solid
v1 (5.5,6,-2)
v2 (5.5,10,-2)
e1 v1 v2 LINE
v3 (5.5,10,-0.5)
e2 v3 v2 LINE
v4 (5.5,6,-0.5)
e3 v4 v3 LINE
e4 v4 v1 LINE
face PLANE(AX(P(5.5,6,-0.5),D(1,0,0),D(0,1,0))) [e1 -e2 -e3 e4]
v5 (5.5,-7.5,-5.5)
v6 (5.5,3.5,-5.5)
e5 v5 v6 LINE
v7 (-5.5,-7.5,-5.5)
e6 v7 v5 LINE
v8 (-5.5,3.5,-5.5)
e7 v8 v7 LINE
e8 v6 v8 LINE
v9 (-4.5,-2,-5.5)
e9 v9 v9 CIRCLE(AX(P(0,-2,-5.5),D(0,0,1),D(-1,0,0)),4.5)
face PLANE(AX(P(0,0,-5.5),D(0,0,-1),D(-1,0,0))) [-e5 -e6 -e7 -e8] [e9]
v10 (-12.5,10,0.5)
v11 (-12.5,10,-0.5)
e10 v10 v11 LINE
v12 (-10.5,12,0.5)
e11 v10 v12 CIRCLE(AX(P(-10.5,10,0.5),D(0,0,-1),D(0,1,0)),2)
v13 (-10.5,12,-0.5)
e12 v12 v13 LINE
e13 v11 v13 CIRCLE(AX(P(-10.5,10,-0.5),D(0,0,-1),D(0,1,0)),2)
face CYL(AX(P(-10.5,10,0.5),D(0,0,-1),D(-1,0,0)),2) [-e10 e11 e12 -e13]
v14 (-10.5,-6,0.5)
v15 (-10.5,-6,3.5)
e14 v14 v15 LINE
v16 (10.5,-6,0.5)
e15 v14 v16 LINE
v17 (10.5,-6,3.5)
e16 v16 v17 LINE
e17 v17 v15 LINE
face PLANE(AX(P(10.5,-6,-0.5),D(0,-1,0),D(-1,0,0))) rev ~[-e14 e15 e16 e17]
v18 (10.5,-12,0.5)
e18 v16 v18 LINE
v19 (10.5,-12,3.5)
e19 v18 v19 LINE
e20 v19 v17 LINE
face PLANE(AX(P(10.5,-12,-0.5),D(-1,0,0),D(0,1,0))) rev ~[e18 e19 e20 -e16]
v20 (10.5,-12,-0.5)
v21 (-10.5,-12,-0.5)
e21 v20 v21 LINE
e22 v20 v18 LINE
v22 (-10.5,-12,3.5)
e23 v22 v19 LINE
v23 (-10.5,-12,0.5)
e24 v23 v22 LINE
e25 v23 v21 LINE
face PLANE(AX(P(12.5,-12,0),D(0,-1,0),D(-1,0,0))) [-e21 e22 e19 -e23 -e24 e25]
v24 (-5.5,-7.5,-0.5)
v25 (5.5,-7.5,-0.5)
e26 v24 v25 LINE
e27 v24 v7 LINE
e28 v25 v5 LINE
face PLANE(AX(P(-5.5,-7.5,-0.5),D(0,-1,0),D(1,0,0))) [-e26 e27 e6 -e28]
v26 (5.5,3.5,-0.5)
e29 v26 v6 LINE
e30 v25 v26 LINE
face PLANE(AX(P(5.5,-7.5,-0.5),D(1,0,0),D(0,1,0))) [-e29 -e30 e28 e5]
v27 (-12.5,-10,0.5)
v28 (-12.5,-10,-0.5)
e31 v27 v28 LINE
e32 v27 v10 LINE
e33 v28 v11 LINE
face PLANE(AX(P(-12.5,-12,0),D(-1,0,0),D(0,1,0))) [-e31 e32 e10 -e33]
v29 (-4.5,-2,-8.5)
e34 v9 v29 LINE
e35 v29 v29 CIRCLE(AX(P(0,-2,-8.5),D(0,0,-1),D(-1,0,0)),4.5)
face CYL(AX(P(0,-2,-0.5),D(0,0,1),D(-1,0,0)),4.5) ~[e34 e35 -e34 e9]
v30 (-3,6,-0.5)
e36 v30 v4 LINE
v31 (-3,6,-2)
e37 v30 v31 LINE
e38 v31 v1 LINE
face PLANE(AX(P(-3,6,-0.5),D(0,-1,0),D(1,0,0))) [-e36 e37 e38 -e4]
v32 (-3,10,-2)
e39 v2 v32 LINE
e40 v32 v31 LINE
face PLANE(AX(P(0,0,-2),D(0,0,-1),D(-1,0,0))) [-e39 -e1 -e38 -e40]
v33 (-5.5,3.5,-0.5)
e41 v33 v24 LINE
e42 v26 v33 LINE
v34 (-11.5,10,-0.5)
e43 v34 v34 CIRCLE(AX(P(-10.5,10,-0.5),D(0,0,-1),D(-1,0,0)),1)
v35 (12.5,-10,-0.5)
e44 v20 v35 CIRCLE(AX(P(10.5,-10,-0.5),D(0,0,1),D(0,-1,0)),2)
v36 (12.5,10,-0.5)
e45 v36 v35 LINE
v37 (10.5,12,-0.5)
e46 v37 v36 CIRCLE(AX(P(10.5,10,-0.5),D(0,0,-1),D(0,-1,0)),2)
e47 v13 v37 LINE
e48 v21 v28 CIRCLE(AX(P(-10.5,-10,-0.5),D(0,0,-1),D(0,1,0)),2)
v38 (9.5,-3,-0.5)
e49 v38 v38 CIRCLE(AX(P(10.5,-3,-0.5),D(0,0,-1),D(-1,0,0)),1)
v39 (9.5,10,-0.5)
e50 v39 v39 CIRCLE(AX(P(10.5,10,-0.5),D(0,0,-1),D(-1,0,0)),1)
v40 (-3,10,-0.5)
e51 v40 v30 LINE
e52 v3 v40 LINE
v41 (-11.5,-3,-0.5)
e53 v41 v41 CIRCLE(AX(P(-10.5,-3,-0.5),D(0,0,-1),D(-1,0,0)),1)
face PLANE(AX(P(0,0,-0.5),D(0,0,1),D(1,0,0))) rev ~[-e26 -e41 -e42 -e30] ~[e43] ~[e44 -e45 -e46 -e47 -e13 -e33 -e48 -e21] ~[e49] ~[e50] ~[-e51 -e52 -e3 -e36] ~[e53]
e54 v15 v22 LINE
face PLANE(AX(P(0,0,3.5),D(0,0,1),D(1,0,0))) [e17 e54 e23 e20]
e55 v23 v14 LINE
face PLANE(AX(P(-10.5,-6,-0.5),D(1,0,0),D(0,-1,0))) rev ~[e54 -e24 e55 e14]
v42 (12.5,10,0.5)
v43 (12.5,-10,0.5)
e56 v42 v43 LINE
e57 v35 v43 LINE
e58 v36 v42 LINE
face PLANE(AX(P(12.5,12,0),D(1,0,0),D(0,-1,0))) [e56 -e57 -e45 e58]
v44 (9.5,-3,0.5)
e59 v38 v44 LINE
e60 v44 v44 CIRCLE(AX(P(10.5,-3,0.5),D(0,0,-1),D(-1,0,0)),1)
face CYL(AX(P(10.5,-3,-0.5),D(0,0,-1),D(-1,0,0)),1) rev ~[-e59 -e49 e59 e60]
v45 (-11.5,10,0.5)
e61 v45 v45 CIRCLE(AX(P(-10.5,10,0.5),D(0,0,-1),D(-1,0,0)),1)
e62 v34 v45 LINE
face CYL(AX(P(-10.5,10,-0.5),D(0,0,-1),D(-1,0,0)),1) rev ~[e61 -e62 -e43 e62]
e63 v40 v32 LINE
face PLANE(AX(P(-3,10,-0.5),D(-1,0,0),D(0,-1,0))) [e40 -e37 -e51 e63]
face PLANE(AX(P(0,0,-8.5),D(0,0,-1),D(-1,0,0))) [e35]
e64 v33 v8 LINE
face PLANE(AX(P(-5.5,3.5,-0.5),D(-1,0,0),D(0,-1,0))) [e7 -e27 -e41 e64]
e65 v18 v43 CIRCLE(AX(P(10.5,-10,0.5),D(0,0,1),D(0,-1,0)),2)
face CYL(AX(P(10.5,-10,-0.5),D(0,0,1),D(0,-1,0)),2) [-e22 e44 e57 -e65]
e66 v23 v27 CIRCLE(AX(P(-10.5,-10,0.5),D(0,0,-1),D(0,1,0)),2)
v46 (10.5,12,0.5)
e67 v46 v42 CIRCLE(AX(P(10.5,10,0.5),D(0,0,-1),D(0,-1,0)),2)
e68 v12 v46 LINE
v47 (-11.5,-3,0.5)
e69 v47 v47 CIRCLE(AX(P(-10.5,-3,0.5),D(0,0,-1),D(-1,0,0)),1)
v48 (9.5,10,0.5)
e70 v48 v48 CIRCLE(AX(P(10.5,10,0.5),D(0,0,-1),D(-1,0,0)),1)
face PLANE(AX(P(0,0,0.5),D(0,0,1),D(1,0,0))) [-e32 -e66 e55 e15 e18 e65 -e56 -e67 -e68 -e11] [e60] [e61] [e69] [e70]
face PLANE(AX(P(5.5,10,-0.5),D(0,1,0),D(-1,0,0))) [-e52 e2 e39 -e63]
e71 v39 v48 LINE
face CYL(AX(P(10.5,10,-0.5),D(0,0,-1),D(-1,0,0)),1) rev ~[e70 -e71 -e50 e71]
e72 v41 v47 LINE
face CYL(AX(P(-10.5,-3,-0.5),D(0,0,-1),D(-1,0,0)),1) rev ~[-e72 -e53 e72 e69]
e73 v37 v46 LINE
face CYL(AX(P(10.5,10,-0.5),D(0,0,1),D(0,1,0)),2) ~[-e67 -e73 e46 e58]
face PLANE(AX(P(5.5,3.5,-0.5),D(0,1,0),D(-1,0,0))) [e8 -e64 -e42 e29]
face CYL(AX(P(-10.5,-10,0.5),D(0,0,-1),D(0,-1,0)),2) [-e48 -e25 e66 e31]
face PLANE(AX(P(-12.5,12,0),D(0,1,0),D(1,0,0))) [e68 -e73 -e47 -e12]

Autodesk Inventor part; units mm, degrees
ref_plane "YZ Plane" through (0, 0, 0) normal (1, 0, 0) x (0, 1, 0)
ref_plane "XZ Plane" through (0, 0, 0) normal (0, 1, 0) x (-1, 0, 0)
ref_plane "XY Plane" through (0, 0, 0) normal (0, 0, 1) x (1, 0, 0)
sketch "Sketch1" plane through (0, 0, 0) normal (0, 0, 1) x (1, 0, 0)
  line L0 (12.5, -12) -> (-12.5, -12)
  line L1 (-12.5, -12) -> (-12.5, 12)
  line L2 (-12.5, 12) -> (12.5, 12)
  line L3 (12.5, 12) -> (12.5, -12)
  line L4 (12.5, -12) -> (-12.5, 12) construction
  line L5 (-12.5, -12) -> (12.5, 12) construction
  point P0 (0, 0)
  dimension "d0" = 24
  dimension "d1" = 25
extrude "Extrusion1" add sketch "Sketch1" along normal mid plane 1
sketch "Sketch2" plane through (0, 0, -0.5) normal (0, 0, -1) x (-1, 0, 0)
  line L0 (-5.5, 3.5) -> (5.5, 3.5)
  line L1 (5.5, 3.5) -> (5.5, -7.5)
  line L2 (5.5, -7.5) -> (-5.5, -7.5)
  line L3 (-5.5, -7.5) -> (-5.5, 3.5)
  line L4 (-5.5, 3.5) -> (5.5, -7.5) construction
  line L5 (5.5, 3.5) -> (-5.5, -7.5) construction
  line L6 (-12.5, -12) -> (12.5, -12) projected
  point P0 (0, 0)
  point P1 (0, -2)
  point P2 (0, -2)
  dimension "d4" = 11
  dimension "d5" = 11
  dimension "d6" = 4.5
extrude "Extrusion2" add sketch "Sketch2" along normal blind 5
sketch "Sketch3" plane through (0, 0, -0.5) normal (0, 0, -1) x (-1, 0, 0)
  circle A0 centre (0, -2) radius 4.5
  line L0 (5.5, 3.5) -> (-5.5, 3.5) projected
  line L1 (5.5, -7.5) -> (5.5, 3.5) projected
  point P0 (0, 0)
  point P1 (0, 3.5)
  point P2 (5.5, -2)
  dimension "d9" = 9
extrude "Extrusion3" add sketch "Sketch3" along normal blind 8
sketch "Sketch4" plane through (0, 0, -0.5) normal (0, 0, -1) x (-1, 0, 0)
  line L0 (3, 6) -> (-5.5, 6)
  line L1 (-5.5, 6) -> (-5.5, 10)
  line L2 (-5.5, 10) -> (3, 10)
  line L3 (3, 10) -> (3, 6)
  line L4 (3, 6) -> (-5.5, 10) construction
  line L5 (-5.5, 6) -> (3, 10) construction
  line L6 (12.5, 12) -> (-12.5, 12) projected
  line L7 (-12.5, 12) -> (-12.5, -12) projected
  point P0 (0, 0)
  point P1 (-1.25, 8)
  dimension "d12" = 8.5
  dimension "d13" = 4
  dimension "d14" = 2
  dimension "d15" = 7
extrude "Extrusion4" add sketch "Sketch4" along normal blind 1.5
sketch "Sketch5" plane through (0, 0, -0.5) normal (0, 0, -1) x (-1, 0, 0)
  line L0 (11.5, -4) -> (-11.5, -4) construction
  line L1 (-11.5, -4) -> (-11.5, 11) construction
  line L2 (-11.5, 11) -> (11.5, 11) construction
  line L3 (11.5, 11) -> (11.5, -4) construction
  line L4 (11.5, -4) -> (-11.5, 11) construction
  line L5 (-11.5, -4) -> (11.5, 11) construction
  line L6 (12.5, 12) -> (-12.5, 12) projected
  line L7 (12.5, -12) -> (12.5, 12) projected
  circle A0 centre (-10.5, 10) radius 1
  circle A1 centre (10.5, 10) radius 1
  circle A2 centre (-10.5, -3) radius 1
  circle A3 centre (10.5, -3) radius 1
  point P0 (0, 0)
  point P1 (0, 3.5)
  point P2 (0, 11)
  point P3 (0, 12)
  dimension "d19" = 15
  dimension "d20" = 1
  dimension "d21" = 1
  dimension "d22" = 2
  dimension "d23" = 2
  dimension "d24" = 2
  dimension "d25" = 2
extrude "Extrusion5" cut sketch "Sketch5" against normal through all
sketch "Sketch6" plane through (0, 0, -0.5) normal (0, 0, 1) x (1, 0, 0)
  line L0 (-10.5, -12) -> (10.5, -12)
  line L1 (10.5, -12) -> (10.5, -6)
  line L2 (10.5, -6) -> (-10.5, -6)
  line L3 (-10.5, -6) -> (-10.5, -12)
  line L4 (-10.5, -12) -> (10.5, -6) construction
  line L5 (10.5, -12) -> (-10.5, -6) construction
  line L6 (-12.5, -12) -> (12.5, -12) projected
  point P0 (0, 0)
  point P1 (0, -9)
  point P2 (0, -9)
  dimension "d28" = 21
  dimension "d29" = 6
extrude "Extrusion6" add sketch "Sketch6" along normal blind 4
fillet "Fillet1" radius 2 4 edges at (12.5, 12, 0) (12.5, -12, 0) (-12.5, 12, 0) (-12.5, -12, 0)
equation "\"d5\" = d4"
equation "\"d23\" = d22"
equation "\"d24\" = d22"
equation "\"d25\" = d24"
properties part number "raspberry pi camera v2"
